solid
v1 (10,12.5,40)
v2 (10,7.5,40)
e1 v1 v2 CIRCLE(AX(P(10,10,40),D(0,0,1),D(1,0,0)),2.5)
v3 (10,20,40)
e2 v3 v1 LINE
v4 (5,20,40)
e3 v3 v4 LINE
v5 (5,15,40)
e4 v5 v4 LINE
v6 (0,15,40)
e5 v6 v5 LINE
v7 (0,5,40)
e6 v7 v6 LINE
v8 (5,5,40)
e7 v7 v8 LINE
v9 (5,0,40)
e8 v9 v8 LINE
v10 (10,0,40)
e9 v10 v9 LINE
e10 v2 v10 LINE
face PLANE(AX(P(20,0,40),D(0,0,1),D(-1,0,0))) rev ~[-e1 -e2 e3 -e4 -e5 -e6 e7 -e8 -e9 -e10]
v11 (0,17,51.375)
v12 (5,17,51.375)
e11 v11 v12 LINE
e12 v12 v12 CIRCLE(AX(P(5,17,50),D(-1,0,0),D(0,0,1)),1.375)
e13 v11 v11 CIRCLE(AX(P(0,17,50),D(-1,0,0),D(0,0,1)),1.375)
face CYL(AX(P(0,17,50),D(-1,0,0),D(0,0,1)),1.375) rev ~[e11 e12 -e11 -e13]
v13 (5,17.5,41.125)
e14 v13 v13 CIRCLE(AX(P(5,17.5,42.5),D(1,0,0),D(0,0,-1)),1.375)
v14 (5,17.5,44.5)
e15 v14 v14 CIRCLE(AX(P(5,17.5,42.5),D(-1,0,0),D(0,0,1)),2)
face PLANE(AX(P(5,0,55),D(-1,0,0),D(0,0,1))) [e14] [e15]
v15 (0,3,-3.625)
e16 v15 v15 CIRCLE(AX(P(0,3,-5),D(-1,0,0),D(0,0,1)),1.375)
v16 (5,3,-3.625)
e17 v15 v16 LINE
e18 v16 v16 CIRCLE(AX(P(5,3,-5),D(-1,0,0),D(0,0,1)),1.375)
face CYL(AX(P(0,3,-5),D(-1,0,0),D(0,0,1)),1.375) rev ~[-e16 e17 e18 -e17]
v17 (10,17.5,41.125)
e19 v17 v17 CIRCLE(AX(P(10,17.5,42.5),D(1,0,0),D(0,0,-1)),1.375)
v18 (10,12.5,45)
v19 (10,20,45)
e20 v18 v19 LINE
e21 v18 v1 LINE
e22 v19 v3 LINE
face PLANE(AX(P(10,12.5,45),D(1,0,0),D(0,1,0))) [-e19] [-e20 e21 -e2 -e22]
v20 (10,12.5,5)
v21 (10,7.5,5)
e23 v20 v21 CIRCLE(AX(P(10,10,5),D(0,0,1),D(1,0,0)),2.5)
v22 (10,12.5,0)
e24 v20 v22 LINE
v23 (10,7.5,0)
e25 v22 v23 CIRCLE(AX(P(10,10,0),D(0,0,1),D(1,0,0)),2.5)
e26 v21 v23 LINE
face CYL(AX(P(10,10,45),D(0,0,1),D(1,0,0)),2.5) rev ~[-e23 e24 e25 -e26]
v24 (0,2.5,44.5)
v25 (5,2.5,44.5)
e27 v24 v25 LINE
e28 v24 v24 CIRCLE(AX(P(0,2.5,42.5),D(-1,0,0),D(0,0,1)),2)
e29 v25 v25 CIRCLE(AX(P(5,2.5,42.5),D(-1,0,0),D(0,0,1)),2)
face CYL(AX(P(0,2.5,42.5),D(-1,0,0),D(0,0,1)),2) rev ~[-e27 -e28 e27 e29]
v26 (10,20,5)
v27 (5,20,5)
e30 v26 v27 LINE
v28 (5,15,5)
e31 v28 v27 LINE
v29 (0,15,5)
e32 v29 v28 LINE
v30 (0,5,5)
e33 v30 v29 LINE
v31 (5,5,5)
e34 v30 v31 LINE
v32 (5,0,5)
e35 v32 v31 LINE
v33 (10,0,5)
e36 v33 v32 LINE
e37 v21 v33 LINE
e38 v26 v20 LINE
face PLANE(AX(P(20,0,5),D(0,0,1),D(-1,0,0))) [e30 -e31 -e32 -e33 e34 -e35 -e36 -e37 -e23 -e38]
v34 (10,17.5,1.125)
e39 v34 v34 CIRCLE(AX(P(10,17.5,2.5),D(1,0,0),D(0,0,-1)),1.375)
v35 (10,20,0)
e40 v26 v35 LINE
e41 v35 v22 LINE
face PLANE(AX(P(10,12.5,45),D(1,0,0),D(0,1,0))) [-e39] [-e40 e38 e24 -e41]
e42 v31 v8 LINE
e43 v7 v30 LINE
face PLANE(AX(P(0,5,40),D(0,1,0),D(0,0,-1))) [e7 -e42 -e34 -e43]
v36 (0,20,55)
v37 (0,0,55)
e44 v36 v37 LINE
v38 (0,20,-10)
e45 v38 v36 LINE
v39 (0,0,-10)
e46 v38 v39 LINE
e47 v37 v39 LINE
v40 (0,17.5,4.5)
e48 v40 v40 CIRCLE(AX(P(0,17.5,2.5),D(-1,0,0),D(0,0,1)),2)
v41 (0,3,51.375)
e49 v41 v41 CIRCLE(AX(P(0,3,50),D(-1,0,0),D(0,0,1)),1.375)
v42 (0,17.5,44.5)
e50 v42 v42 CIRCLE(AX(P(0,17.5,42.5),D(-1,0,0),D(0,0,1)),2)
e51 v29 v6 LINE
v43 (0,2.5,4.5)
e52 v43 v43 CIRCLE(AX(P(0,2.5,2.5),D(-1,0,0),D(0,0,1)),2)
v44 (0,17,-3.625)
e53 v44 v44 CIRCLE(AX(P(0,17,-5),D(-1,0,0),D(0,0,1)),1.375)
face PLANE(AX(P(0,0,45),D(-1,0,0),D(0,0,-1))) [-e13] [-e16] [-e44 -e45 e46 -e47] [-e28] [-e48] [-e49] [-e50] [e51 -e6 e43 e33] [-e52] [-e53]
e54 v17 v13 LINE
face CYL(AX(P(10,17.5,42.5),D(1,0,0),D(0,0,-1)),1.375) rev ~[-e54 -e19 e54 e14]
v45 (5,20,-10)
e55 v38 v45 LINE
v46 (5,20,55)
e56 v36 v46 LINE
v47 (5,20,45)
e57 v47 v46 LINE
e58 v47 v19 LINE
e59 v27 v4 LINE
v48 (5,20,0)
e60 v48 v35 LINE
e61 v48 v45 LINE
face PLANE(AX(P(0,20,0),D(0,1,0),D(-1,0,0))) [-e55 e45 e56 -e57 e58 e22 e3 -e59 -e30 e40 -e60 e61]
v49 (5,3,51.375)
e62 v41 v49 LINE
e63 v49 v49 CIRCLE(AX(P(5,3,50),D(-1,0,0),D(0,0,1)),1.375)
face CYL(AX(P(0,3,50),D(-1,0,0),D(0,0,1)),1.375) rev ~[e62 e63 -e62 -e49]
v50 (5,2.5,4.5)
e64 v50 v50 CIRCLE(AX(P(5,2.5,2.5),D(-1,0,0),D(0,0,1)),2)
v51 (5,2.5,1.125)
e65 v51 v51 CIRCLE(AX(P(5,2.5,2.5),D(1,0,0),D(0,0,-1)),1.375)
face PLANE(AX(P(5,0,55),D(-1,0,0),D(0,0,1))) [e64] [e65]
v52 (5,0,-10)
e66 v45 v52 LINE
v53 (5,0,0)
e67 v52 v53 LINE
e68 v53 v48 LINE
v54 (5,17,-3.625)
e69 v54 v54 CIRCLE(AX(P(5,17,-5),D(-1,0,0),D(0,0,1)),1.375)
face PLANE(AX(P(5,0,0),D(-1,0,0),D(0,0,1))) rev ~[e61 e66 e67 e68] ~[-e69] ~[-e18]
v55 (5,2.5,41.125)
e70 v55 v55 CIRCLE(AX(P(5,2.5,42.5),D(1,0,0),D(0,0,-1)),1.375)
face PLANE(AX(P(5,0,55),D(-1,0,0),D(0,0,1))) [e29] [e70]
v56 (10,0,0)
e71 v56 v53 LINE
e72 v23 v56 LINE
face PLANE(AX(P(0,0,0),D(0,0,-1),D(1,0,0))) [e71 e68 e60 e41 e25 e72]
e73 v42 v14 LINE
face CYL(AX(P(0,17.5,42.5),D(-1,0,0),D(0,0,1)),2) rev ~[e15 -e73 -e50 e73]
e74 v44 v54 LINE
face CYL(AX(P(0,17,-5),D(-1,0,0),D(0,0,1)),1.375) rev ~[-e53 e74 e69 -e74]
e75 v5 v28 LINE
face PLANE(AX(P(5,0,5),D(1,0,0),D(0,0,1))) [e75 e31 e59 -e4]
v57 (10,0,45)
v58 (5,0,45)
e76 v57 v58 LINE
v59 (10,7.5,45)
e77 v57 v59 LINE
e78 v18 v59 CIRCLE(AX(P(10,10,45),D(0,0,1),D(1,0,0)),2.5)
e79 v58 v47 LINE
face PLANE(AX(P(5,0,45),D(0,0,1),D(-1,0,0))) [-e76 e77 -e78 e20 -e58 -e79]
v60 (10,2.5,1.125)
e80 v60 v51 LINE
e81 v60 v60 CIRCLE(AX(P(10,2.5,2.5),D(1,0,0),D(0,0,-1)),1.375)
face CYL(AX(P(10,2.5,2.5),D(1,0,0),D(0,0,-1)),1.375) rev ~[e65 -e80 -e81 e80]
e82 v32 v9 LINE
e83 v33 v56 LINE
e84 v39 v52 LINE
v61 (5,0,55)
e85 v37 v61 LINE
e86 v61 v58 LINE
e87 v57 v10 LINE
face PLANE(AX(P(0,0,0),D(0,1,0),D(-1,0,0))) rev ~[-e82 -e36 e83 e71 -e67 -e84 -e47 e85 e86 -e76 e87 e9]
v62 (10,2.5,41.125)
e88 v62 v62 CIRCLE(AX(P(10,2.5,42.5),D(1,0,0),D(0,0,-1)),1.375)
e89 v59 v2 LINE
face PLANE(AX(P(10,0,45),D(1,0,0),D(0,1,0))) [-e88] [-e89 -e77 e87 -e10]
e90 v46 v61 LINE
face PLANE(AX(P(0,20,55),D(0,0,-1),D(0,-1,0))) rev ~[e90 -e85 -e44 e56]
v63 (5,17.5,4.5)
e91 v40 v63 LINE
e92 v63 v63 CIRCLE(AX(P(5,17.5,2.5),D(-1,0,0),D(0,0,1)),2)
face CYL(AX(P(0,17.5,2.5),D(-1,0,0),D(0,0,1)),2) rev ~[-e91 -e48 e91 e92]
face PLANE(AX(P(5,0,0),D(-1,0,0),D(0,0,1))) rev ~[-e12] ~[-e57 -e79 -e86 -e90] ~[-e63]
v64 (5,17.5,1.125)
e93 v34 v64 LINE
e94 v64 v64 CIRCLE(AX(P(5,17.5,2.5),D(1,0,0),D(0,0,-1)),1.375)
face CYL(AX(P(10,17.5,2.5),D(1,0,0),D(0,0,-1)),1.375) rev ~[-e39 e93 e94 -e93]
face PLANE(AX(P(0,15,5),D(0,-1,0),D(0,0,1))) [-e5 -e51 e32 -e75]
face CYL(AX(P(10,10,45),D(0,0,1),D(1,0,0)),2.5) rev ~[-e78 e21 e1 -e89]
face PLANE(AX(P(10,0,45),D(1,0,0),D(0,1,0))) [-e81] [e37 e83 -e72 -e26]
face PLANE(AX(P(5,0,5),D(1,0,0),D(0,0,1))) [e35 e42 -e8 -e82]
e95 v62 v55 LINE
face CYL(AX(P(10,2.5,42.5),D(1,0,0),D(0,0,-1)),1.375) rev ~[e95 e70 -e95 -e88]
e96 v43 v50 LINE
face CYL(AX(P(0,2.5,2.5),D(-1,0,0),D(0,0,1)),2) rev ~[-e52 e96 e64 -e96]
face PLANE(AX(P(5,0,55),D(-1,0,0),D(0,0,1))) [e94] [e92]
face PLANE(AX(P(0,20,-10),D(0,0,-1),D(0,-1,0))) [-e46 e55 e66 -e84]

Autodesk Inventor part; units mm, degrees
ref_plane "YZ Plane" through (0, 0, 0) normal (1, 0, 0) x (0, 1, 0)
ref_plane "XZ Plane" through (0, 0, 0) normal (0, 1, 0) x (-1, 0, 0)
ref_plane "XY Plane" through (0, 0, 0) normal (0, 0, 1) x (1, 0, 0)
sketch "Sketch1" plane through (0, 0, 0) normal (0, 1, 0) x (-1, 0, 0)
  line L0 (0, 0) -> (-5, 0)
  line L1 (-5, 0) -> (-5, 45)
  line L2 (-5, 45) -> (0, 45)
  line L3 (0, 45) -> (0, 0)
  line L4 (-5, 45) -> (-20, 45)
  line L5 (-20, 45) -> (-20, 40)
  line L6 (-20, 40) -> (-5, 40)
  line L7 (-5, 40) -> (-5, 45)
  line L8 (-5, 0) -> (-20, 0)
  line L9 (-20, 0) -> (-20, 5)
  line L10 (-20, 5) -> (-5, 5)
  line L11 (-5, 5) -> (-5, 0)
  point P0 (-5, 40)
  point P1 (-5, 5)
  dimension "d0" = 5
  dimension "d1" = 5
  dimension "d2" = 5
  dimension "d3" = 15
  dimension "d4" = 15
  dimension "d5" = 35
extrude "Extrusion1" add sketch "Sketch1" along normal blind 20
sketch "Sketch2" plane through (0, 0, 45) normal (0, 0, 1) x (1, 0, 0)
  circle A0 centre (10, 10) radius 2.5
  line L0 (20, 0) -> (20, 20) projected
  line L1 (20, 0) -> (10, 0)
  line L2 (10, 0) -> (10, 20)
  line L3 (10, 20) -> (20, 20)
  line L4 (20, 20) -> (20, 0)
  line L5 (0, 0) -> (20, 0) projected
  dimension "d8" = 10
  dimension "d9" = 10
  dimension "d10" = 10
  dimension "d11" = 5
extrude "Extrusion2" cut sketch "Sketch2" against normal blind 200
sketch "Sketch3" plane through (0, 0, 0) normal (-1, 0, 0) x (0, 0, 1)
  line L0 (5, 0) -> (5, 20) projected
  line L1 (40, 0) -> (40, 20) projected
  line L2 (5, 15) -> (40, 15)
  line L3 (40, 15) -> (40, 5)
  line L4 (40, 5) -> (5, 5)
  line L5 (5, 5) -> (5, 15)
  line L6 (0, 20) -> (45, 20) projected
  line L7 (0, 0) -> (45, 0) projected
  point P0 (5, 5)
  dimension "d14" = 5
  dimension "d15" = 5
extrude "Extrusion3" cut sketch "Sketch3" against normal blind 20 contours L0 L2 L1 L4
sketch "Sketch4" plane through (0, 0, 0) normal (-1, 0, 0) x (0, 0, 1)
  line L0 (45, 0) -> (45, 20) projected
  line L1 (45, 20) -> (55, 20)
  line L2 (55, 20) -> (55, 0)
  line L3 (55, 0) -> (45, 0)
  line L4 (45, 0) -> (45, 20)
  line L5 (0, 20) -> (0, 12.5) projected
  line L6 (0, 20) -> (-10, 20)
  line L7 (-10, 20) -> (-10, 0)
  line L8 (-10, 0) -> (0, 0)
  line L9 (0, 0) -> (0, 20)
  circle A0 centre (50, 3) radius 1.375
  circle A1 centre (50, 17) radius 1.375
  circle A2 centre (-5, 17) radius 1.375
  circle A3 centre (-5, 3) radius 1.375
  point P0 (0, 0)
  point P1 (50, 20)
  point P2 (0, 12.5)
  dimension "d18" = 10
  dimension "d19" = 10
  dimension "d20" = 3
  dimension "d21" = 3
  dimension "d22" = 5
  dimension "d23" = 5
  dimension "d24" = 5
  dimension "d25" = 5
  dimension "d26" = 3
  dimension "d27" = 3
  dimension "d28" = 2.75
  dimension "d29" = 2.75
  dimension "d30" = 2.75
  dimension "d31" = 2.75
extrude "Extrusion4" add sketch "Sketch4" against normal blind 5
sketch "Sketch5" plane through (10, 12.5, 45) normal (1, 0, 0) x (0, 0, -1)
  circle A0 centre (42.5, 5) radius 1.375
  circle A1 centre (42.5, -10) radius 1.375
  circle A2 centre (2.5, 5) radius 1.375
  circle A3 centre (2.5, -10) radius 1.375
  line L0 (40, 7.5) -> (45, 7.5) projected
  line L1 (45, 7.5) -> (45, 0) projected
  line L2 (45, -5) -> (45, -12.5) projected
  line L3 (45, -12.5) -> (40, -12.5) projected
  line L4 (5, -12.5) -> (0, -12.5) projected
  line L5 (0, -12.5) -> (0, -5) projected
  line L6 (0, 0) -> (0, 7.5) projected
  line L7 (0, 7.5) -> (5, 7.5) projected
  dimension "d34" = 2.5
  dimension "d35" = 2.5
  dimension "d36" = 2.5
  dimension "d37" = 2.5
  dimension "d38" = 2.5
  dimension "d39" = 2.5
  dimension "d40" = 2.5
  dimension "d41" = 2.5
  dimension "d42" = 2.75
  dimension "d43" = 2.75
  dimension "d44" = 2.75
  dimension "d45" = 2.75
extrude "Extrusion5" cut sketch "Sketch5" against normal blind 15
sketch "Sketch6" plane through (0, 0, 55) normal (-1, 0, 0) x (0, 0, 1)
  circle A0 centre (-12.5, 17.5) radius 1.375 projected
  circle A1 centre (-12.5, 17.5) radius 2
  circle A2 centre (-12.5, 2.5) radius 1.375 projected
  circle A3 centre (-12.5, 2.5) radius 2
  circle A4 centre (-52.5, 2.5) radius 1.375 projected
  circle A5 centre (-52.5, 2.5) radius 2
  circle A6 centre (-52.5, 17.5) radius 1.375 projected
  circle A7 centre (-52.5, 17.5) radius 2
  point P0 (-55, 0)
  dimension "d48" = 4
  dimension "d49" = 4
  dimension "d50" = 4
  dimension "d51" = 4
extrude "Extrusion6" cut sketch "Sketch6" against normal blind 5 contours A0 | A1 | A2 | A3 | A4 | A5 | A6 | A7
equation "\"d14\" = d15"
equation "\"d19\" = d18"
equation "\"d20\" = d21"
equation "\"d24\" = d23"
equation "\"d25\" = d22"
equation "\"d26\" = d20"
equation "\"d27\" = d21"
equation "\"d34\" = d35"
equation "\"d37\" = d34"
equation "\"d38\" = d34"
equation "\"d39\" = d36"
equation "\"d40\" = d39"
equation "\"d41\" = d34"
equation "\"d44\" = d42"
equation "\"d45\" = d43"
equation "\"d49\" = d48"
equation "\"d50\" = d49"
equation "\"d51\" = d48"
properties part number "MotorDifferentialMountingBracket"
